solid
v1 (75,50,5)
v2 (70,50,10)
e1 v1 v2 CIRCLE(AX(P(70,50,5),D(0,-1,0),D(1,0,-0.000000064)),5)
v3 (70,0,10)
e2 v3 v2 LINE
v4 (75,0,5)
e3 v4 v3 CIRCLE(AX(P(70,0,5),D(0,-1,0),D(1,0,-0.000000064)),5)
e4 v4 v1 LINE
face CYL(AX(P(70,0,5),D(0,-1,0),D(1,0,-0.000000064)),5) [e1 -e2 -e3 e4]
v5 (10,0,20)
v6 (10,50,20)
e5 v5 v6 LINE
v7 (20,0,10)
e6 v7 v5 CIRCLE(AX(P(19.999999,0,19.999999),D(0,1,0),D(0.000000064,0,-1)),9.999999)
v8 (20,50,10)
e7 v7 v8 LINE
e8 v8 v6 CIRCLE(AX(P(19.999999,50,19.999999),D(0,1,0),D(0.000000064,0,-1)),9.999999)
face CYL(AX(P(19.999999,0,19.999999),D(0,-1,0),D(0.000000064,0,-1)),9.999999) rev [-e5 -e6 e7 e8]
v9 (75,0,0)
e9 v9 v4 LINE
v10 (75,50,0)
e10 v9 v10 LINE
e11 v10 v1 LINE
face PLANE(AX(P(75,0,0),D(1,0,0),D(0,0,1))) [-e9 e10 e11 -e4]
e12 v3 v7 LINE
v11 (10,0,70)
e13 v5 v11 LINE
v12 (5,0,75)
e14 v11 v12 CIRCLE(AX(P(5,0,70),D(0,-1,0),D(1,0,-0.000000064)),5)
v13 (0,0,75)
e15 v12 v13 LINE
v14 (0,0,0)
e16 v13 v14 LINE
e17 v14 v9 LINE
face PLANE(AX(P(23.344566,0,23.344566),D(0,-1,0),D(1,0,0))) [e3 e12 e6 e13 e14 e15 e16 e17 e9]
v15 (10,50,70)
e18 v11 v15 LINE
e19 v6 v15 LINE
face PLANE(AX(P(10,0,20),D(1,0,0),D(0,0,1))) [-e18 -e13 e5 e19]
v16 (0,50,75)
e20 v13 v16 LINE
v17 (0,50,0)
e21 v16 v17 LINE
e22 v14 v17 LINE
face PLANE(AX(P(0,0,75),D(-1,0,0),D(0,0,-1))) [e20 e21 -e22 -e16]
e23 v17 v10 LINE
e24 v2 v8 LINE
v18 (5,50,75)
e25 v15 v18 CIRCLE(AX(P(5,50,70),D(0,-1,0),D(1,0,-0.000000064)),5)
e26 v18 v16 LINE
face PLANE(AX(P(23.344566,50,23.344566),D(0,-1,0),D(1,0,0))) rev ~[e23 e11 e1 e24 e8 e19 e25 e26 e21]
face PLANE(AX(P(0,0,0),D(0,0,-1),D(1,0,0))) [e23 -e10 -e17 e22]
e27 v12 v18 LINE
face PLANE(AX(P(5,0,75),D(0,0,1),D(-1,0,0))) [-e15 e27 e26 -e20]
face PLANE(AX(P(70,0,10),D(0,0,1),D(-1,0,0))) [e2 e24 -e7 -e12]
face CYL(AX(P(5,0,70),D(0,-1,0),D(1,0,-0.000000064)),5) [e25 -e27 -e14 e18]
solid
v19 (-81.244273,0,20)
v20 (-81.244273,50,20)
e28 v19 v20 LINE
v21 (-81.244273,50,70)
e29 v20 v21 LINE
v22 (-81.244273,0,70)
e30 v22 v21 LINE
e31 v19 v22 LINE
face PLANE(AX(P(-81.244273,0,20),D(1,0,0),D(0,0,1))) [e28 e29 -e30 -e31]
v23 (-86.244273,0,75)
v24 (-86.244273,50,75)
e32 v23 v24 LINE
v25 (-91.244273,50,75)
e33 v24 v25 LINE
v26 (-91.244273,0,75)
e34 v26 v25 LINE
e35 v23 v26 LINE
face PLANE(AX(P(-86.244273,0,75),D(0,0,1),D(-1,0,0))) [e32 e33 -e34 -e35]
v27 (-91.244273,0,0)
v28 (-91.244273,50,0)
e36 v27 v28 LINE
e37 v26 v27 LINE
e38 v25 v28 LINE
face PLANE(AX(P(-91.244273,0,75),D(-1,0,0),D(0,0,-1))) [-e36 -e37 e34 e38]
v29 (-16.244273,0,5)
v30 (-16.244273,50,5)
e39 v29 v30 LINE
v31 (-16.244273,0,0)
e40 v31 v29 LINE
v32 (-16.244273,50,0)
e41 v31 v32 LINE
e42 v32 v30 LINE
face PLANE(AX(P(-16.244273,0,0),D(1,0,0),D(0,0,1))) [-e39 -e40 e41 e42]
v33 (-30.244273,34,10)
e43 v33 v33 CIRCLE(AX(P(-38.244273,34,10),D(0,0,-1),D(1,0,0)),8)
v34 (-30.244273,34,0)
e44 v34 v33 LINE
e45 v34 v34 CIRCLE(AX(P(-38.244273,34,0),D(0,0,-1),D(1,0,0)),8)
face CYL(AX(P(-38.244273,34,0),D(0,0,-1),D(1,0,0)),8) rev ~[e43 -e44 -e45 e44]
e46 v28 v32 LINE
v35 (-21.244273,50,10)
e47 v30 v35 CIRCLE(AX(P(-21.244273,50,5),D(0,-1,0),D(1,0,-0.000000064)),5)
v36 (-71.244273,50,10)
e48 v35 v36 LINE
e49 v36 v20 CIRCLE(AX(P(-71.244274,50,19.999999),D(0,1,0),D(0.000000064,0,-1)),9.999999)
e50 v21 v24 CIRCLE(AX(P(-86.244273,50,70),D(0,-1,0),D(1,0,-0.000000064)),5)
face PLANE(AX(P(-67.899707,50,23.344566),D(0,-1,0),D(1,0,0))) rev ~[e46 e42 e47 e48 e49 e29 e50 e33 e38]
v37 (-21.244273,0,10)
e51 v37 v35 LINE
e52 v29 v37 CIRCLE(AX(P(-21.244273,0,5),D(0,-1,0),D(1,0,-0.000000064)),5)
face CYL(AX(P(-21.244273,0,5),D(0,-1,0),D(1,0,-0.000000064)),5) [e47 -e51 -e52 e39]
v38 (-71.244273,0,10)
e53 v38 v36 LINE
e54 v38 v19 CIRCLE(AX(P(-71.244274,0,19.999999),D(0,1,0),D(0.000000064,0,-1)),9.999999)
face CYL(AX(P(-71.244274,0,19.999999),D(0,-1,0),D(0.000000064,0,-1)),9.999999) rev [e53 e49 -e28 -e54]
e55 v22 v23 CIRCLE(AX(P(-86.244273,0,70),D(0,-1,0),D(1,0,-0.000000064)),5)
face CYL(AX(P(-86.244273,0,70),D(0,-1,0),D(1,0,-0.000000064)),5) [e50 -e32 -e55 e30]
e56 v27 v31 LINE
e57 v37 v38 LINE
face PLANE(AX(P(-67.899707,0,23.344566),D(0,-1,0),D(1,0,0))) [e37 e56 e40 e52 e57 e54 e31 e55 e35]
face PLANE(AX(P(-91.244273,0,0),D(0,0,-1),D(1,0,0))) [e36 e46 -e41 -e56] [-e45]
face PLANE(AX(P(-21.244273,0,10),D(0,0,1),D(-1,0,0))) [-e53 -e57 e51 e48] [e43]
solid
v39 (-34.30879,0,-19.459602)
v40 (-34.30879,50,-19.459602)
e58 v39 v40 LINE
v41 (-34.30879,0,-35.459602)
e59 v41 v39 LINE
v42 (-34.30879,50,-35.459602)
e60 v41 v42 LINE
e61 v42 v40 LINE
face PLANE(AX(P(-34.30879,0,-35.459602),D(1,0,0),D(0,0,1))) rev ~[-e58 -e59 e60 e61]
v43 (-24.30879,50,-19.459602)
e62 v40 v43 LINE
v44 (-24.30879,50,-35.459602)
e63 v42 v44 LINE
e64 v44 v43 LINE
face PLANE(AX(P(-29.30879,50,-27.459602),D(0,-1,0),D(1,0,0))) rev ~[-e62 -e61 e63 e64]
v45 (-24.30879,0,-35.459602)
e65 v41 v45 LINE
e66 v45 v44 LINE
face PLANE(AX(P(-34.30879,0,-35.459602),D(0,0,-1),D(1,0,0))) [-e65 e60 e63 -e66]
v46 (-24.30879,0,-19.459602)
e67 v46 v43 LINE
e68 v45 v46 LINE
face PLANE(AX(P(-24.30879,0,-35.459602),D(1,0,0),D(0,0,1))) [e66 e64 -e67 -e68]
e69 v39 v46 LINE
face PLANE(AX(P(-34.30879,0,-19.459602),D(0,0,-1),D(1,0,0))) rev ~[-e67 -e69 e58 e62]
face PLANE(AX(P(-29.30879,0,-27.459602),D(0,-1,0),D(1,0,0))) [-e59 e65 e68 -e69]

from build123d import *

# Parameters (mm, degrees)
F2_DEPTH = 50
F3_R     = 8
F4_DEPTH = 10
F5_W     = 10
F5_H     = 16
F6_DEPTH = 50


with BuildPart() as f2:
    # F0 (on Front) + F1 (on Front) → F2 (new body)
    with BuildSketch(Plane.XZ):
        with BuildLine():
            Line((0, 75), (0, 0))
            Line((0, 0), (75, 0))
            Line((75, 0), (75, 5))
            ThreePointArc((75, 5), (73.535534, 8.535534), (70, 10))
            Line((70, 10), (20, 10))
            ThreePointArc((20, 10), (12.928932, 12.928932), (10, 20))
            Line((10, 20), (10, 70))
            ThreePointArc((10, 70), (8.535534, 73.535534), (5, 75))
            Line((5, 75), (0, 75))
        make_face()
    with BuildSketch(Plane.XZ):
        with BuildLine():
            Line((-91.244273, 75), (-91.244273, 0))
            Line((-91.244273, 0), (-16.244273, 0))
            Line((-16.244273, 0), (-16.244273, 5))
            ThreePointArc((-16.244273, 5), (-17.708739, 8.535534), (-21.244273, 10))
            Line((-21.244273, 10), (-71.244273, 10))
            ThreePointArc((-71.244273, 10), (-78.315341, 12.928932), (-81.244273, 20))
            Line((-81.244273, 20), (-81.244273, 70))
            ThreePointArc((-81.244273, 70), (-82.708739, 73.535534), (-86.244273, 75))
            Line((-86.244273, 75), (-91.244273, 75))
        make_face()
    extrude(amount=-F2_DEPTH)

    # F3 (on face) → F4 (cut, through all)
    with BuildSketch(Plane(origin=(0, 0, 0), x_dir=(1, 0, 0), z_dir=(0, 0, -1))):
        with Locations((-38.244273, -34)):
            Circle(F3_R)
    extrude(amount=-F4_DEPTH, mode=Mode.SUBTRACT)


with BuildPart() as f6:
    # F5 (on Front) → F6 (new body)
    with BuildSketch(Plane.XZ):
        with Locations((-29.30879, -27.459602)):
            Rectangle(F5_W, F5_H)
    extrude(amount=-F6_DEPTH)


solid = Compound([f2.part, f6.part])
